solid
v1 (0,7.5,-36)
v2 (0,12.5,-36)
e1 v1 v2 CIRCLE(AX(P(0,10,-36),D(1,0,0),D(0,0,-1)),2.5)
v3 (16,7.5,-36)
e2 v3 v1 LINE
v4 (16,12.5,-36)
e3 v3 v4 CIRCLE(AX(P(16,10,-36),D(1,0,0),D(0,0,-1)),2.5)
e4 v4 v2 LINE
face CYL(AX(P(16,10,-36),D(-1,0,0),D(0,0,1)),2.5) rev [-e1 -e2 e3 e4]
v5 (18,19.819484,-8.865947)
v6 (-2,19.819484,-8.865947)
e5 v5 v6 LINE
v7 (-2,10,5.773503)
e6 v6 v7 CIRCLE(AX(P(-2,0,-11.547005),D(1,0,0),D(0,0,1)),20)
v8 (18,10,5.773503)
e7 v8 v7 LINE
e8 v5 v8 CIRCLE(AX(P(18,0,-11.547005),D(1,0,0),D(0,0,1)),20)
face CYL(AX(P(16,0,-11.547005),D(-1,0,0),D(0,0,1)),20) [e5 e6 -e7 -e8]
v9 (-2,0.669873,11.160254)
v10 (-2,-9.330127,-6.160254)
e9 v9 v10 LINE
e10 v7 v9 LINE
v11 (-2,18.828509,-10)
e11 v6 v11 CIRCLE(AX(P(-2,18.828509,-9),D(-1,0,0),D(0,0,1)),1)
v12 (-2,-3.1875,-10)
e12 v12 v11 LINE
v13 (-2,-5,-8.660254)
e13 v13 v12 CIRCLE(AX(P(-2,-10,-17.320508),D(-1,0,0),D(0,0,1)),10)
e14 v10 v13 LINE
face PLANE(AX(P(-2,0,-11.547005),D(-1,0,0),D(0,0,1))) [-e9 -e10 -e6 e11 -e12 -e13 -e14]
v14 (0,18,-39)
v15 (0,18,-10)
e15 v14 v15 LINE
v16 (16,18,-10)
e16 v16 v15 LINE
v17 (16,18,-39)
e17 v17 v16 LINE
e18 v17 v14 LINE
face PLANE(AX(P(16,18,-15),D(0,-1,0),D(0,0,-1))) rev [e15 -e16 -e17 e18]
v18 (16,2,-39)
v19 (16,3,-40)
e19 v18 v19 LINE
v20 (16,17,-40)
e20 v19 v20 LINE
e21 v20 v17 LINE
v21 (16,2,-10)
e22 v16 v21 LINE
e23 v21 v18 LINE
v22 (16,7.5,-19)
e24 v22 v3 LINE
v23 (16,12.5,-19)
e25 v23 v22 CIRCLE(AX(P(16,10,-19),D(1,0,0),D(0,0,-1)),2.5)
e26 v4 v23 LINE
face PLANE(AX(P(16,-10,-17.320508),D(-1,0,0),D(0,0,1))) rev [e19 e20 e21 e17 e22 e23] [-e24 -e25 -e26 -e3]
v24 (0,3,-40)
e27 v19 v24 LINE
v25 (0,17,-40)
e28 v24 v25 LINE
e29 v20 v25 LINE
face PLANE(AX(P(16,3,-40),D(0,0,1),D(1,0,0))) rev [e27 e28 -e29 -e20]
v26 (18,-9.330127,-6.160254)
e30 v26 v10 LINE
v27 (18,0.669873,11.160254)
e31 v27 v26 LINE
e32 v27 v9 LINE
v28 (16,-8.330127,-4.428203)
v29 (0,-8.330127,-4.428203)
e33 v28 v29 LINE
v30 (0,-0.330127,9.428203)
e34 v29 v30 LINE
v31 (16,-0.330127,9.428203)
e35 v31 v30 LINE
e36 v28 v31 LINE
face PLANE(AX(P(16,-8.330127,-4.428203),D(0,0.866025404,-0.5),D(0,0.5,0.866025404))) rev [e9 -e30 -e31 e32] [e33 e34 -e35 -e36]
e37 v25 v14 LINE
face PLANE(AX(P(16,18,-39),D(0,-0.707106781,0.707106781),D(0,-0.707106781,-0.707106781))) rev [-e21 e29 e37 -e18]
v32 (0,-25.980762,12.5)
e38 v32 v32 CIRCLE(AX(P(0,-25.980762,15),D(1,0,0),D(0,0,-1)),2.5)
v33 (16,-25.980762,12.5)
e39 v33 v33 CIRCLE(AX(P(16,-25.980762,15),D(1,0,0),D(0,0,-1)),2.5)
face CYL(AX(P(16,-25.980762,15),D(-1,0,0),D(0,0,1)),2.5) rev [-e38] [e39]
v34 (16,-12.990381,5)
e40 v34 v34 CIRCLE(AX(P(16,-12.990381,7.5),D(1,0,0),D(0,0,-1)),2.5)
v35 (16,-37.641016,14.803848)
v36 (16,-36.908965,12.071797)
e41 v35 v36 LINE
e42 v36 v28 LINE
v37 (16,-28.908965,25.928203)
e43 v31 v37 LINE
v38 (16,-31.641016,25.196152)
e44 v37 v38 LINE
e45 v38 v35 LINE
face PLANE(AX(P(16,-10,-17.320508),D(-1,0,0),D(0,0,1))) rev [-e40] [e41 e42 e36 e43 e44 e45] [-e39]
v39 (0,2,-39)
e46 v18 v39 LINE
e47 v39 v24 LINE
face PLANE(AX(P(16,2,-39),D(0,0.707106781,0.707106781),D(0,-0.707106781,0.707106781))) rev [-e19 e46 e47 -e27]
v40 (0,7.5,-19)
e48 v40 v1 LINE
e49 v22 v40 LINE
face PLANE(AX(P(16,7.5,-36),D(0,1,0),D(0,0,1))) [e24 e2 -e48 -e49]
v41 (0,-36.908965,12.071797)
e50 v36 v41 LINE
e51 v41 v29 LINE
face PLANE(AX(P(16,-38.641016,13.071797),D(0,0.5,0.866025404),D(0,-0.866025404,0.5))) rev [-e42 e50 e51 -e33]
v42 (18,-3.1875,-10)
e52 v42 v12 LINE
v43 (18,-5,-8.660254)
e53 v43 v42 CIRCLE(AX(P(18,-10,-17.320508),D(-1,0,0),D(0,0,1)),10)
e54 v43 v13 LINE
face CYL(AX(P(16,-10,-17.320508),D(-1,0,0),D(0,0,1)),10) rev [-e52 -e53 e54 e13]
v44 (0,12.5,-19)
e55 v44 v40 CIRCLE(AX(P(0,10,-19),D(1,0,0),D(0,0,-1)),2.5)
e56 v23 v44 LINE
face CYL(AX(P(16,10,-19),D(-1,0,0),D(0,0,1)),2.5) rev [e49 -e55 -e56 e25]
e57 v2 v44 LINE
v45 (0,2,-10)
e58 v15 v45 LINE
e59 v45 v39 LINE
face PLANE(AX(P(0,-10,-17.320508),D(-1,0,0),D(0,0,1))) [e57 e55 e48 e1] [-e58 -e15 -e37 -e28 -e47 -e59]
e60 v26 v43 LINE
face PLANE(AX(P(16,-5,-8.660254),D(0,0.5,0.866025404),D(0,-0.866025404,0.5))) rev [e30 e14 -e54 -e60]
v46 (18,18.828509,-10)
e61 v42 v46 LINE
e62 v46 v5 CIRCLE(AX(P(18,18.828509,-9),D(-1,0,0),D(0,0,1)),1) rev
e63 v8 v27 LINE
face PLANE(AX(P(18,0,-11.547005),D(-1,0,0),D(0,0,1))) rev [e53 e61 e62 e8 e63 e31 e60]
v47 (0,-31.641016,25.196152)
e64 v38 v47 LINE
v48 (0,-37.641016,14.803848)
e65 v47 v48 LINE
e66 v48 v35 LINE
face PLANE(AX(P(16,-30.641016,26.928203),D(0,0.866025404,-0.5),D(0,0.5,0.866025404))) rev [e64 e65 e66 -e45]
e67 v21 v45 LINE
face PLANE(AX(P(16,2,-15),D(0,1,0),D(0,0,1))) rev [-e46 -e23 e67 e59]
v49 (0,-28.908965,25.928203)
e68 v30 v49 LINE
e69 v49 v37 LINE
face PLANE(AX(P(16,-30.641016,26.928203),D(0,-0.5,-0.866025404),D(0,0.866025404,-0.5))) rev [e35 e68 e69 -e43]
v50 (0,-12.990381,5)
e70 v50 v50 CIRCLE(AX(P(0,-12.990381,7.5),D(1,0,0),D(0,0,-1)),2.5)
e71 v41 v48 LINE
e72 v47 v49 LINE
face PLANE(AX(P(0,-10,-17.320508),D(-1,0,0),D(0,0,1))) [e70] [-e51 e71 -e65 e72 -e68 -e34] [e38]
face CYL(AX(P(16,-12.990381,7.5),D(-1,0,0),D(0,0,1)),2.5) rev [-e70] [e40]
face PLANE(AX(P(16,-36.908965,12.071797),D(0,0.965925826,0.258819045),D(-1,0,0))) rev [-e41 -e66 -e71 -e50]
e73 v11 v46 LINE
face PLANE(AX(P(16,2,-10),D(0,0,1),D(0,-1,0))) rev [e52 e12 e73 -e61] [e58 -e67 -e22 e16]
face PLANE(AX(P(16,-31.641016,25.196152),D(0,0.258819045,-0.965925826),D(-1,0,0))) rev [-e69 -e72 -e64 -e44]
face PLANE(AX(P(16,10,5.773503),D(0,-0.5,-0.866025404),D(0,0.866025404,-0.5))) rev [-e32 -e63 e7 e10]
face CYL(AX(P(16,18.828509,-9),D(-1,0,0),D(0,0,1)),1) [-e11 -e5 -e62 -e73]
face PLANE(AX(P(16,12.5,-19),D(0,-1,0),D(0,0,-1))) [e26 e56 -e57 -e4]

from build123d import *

# Parameters (mm, degrees)
SKETCH1_R                = 2.5
BOSS_EXTRUDE1_DEPTH      = 16
BOSS_EXTRUDE2_DEPTH      = 2
BOSS_EXTRUDE2_DEPTH_BACK = 18
CHAMFER1_SIZE            = 2
FILLET1_R                = 1


with BuildPart() as part:
    # Sketch1 → Boss-Extrude1 (new body)
    with BuildSketch(Plane(origin=(0, 0, 0), x_dir=(0, 0, -1), z_dir=(1, 0, 0))):
        with BuildLine():
            Line((40, 3), (40, 17))
            Line((40, 17), (39, 18))
            Line((39, 18), (15, 18))
            Line((15, 18), (10, 18))
            Line((10, 18), (10, 19.940079597))
            ThreePointArc((10, 19.940079597), (0.884122958, 16.920488715), (-5.773502692, 10))
            Line((-5.773502692, 10), (-11.160254038, 0.669872981))
            Line((-11.160254038, 0.669872981), (-9.42820323, -0.330127019))
            Line((-9.42820323, -0.330127019), (-26.92820323, -30.641016151))
            Line((-26.92820323, -30.641016151), (-13.07179677, -38.641016151))
            Line((-13.07179677, -38.641016151), (4.42820323, -8.330127019))
            Line((4.42820323, -8.330127019), (6.160254038, -9.330127019))
            Line((6.160254038, -9.330127019), (8.660254038, -5))
            ThreePointArc((8.660254038, -5), (9.278898856, -4.055883484), (10, -3.187499614))
            Line((10, -3.187499614), (10, 2))
            Line((10, 2), (15, 2))
            Line((15, 2), (39, 2))
            Line((39, 2), (40, 3))
        make_face()
        with Locations((-15, -25.980762114)):
            Circle(SKETCH1_R, mode=Mode.SUBTRACT)
        with Locations((-7.5, -12.990381057)):
            Circle(SKETCH1_R, mode=Mode.SUBTRACT)
        with BuildLine():
            Line((19, 12.5), (36, 12.5))
            ThreePointArc((36, 12.5), (38.5, 10), (36, 7.5))
            Line((36, 7.5), (19, 7.5))
            ThreePointArc((19, 7.5), (16.5, 10), (19, 12.5))
        make_face(mode=Mode.SUBTRACT)
    extrude(amount=BOSS_EXTRUDE1_DEPTH)

    # Sketch2 → Boss-Extrude2 (add, two sides: drawn at the far end of the back side and taken through both)
    with BuildSketch(Plane(origin=(16, 0, 0), x_dir=(0, 0, -1), z_dir=(1, 0, 0)).offset(-BOSS_EXTRUDE2_DEPTH_BACK)):
        with BuildLine():
            Line((-11.160254038, 0.669872981), (6.160254038, -9.330127019))
            Line((6.160254038, -9.330127019), (8.660254038, -5))
            ThreePointArc((8.660254038, -5), (9.278898856, -4.055883484), (10, -3.187499614))
            Line((10, -3.187499614), (10, 19.940079597))
            ThreePointArc((10, 19.940079597), (0.884122958, 16.920488715), (-5.773502692, 10))
            Line((-5.773502692, 10), (-11.160254038, 0.669872981))
        make_face()
    extrude(amount=BOSS_EXTRUDE2_DEPTH + BOSS_EXTRUDE2_DEPTH_BACK)

    # Chamfer1
    chamfer1_edges = [part.edges().sort_by_distance(p)[0] for p in [
        (8, -38.641016151, 13.07179677),
        (8, -30.641016151, 26.92820323),
    ]]
    chamfer(chamfer1_edges, length=CHAMFER1_SIZE)

    # Fillet1
    fillet1_edges = [part.edges().sort_by_distance(p)[0] for p in [
        (8, 19.940079597, -10),
    ]]
    fillet(fillet1_edges, radius=FILLET1_R)


solid = part.part
